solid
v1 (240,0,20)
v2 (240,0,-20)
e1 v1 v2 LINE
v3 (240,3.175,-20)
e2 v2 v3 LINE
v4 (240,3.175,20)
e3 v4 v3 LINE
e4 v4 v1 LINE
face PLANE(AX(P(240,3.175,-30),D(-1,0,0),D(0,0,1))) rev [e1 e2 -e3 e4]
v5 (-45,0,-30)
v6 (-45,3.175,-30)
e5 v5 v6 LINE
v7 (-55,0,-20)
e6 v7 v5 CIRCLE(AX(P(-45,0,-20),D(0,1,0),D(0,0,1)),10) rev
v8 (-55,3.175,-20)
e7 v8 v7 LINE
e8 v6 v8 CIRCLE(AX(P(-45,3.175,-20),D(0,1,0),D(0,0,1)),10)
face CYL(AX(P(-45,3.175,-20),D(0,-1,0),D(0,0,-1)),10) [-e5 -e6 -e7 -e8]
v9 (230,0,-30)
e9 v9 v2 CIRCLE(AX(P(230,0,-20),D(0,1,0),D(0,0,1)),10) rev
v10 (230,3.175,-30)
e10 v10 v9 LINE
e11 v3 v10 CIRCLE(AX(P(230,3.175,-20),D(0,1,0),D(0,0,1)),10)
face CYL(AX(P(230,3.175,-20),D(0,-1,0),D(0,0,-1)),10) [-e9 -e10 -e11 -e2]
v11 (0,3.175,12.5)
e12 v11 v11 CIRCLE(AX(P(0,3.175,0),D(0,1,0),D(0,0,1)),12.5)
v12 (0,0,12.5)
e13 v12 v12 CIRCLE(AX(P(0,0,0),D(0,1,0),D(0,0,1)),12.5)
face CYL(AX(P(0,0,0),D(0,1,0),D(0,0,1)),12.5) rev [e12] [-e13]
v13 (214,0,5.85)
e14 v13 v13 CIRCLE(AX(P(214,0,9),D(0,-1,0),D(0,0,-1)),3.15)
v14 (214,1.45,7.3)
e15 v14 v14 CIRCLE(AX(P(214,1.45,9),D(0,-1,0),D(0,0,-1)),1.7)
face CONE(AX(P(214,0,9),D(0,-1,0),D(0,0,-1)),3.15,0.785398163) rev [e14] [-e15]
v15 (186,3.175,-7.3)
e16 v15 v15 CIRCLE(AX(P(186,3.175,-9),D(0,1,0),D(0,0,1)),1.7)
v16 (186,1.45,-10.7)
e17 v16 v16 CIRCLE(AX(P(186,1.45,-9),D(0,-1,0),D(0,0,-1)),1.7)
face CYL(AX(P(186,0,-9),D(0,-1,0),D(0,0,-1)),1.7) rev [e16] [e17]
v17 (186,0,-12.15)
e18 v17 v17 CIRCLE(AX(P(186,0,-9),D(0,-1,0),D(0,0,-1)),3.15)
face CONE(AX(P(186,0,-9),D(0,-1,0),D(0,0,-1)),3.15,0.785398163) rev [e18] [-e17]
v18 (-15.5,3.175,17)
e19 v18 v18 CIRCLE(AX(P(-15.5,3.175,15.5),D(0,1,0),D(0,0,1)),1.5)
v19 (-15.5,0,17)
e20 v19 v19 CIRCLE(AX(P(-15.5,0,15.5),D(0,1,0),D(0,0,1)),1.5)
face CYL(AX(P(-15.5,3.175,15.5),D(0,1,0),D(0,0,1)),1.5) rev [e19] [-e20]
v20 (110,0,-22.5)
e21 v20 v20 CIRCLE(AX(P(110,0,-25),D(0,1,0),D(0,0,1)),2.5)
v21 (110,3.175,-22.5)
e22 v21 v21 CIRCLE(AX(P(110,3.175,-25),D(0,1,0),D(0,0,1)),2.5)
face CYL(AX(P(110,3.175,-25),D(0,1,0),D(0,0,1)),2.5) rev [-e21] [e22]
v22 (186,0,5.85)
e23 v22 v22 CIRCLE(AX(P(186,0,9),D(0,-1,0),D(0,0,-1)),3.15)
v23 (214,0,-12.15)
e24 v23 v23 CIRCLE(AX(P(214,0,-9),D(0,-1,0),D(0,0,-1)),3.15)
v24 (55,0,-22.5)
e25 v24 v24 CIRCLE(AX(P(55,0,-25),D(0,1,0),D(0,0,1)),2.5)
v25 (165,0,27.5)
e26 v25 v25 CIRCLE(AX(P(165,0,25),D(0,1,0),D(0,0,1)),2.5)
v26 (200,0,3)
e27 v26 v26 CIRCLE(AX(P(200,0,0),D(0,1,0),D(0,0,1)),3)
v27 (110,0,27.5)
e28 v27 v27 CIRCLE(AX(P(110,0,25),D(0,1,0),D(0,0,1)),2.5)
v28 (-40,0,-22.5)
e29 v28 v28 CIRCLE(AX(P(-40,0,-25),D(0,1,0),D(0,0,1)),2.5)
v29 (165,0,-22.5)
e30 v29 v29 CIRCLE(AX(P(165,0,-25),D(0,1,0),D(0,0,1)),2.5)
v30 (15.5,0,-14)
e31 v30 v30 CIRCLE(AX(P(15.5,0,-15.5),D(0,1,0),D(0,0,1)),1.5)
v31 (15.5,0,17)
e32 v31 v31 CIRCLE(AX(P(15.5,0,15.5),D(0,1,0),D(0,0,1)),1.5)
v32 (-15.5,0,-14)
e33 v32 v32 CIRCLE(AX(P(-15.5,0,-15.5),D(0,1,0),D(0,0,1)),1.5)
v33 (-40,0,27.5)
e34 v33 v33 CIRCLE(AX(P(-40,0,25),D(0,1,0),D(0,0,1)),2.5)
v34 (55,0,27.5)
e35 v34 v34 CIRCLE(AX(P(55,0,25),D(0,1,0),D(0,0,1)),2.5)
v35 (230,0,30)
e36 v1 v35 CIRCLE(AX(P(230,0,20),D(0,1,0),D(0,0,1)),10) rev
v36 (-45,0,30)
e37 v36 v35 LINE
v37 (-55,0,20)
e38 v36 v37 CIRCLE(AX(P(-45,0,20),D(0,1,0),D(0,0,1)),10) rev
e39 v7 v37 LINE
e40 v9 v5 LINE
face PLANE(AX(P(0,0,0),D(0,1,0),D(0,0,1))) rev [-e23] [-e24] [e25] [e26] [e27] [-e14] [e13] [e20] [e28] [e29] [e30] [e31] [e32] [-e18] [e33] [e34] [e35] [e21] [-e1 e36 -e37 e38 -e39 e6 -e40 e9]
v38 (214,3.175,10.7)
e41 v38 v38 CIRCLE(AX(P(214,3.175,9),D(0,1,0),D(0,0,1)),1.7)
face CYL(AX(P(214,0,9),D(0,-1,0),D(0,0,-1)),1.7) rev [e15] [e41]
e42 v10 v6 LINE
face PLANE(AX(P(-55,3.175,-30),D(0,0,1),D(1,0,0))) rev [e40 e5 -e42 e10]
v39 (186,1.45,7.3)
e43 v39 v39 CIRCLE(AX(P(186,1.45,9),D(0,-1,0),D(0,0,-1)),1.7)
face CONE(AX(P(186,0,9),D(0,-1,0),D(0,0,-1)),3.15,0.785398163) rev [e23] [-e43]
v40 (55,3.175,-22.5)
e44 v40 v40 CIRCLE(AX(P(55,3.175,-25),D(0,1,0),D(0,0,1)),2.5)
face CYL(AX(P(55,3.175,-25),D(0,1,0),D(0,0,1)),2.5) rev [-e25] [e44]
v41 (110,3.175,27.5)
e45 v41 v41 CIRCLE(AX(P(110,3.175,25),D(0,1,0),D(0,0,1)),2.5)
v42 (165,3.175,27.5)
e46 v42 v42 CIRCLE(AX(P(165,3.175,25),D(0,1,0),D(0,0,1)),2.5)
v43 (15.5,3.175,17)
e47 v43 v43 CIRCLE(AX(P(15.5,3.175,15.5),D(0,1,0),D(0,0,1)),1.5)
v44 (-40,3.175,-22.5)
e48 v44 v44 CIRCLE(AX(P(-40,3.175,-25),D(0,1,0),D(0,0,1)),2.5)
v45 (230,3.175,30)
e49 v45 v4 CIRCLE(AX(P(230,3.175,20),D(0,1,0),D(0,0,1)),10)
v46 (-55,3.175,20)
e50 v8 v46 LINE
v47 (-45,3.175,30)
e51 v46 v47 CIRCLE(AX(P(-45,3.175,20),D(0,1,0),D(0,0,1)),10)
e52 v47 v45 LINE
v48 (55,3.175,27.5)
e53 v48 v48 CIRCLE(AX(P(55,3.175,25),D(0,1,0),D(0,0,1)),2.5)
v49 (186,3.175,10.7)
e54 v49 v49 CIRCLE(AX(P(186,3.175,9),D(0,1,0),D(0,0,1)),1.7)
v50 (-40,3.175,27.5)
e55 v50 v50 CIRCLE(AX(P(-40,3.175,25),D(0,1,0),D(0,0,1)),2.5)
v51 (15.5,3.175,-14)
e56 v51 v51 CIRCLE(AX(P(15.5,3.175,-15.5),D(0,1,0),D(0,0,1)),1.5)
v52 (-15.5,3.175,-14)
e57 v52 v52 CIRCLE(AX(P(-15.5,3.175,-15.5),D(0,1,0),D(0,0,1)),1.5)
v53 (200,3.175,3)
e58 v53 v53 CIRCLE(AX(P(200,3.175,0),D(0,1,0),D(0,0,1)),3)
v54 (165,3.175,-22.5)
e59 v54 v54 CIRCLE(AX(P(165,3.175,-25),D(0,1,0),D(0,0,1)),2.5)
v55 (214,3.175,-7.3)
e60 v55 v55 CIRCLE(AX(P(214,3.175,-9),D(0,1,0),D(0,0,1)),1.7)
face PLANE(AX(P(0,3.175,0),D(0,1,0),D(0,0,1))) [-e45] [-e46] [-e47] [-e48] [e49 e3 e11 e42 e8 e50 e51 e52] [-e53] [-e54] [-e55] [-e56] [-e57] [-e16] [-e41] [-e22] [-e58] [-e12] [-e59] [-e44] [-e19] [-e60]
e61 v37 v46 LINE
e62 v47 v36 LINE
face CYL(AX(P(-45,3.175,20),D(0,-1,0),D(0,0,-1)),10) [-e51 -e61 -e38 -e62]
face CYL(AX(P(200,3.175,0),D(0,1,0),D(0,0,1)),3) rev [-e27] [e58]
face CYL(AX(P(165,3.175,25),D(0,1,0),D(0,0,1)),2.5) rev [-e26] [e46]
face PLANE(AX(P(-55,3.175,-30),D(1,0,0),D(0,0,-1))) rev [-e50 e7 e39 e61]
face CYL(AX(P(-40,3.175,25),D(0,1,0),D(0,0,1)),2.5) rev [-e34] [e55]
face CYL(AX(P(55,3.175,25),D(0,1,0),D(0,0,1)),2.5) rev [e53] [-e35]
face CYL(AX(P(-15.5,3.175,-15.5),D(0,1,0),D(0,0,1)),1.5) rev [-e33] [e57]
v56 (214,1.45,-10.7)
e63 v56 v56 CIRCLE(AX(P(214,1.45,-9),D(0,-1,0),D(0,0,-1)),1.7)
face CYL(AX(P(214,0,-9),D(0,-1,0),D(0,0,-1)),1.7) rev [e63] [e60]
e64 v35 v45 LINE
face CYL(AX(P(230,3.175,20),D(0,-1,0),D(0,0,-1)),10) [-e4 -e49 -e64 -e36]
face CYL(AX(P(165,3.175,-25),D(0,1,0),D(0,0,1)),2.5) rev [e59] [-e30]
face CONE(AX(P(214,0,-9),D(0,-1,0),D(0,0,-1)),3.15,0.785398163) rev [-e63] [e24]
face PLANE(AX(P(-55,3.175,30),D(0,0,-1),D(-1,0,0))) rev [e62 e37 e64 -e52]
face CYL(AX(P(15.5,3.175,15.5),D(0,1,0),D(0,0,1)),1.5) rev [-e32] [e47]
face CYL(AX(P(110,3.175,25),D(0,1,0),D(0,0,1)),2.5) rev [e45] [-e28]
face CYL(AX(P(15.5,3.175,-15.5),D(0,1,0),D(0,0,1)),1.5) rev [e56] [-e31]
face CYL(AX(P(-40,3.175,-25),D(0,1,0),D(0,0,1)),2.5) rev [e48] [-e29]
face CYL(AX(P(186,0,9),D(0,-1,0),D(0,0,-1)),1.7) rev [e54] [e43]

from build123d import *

# Parameters (mm, degrees)
SKETCH1_W                                       = 295
SKETCH1_H                                       = 60
BOSS_EXTRUDE1_DEPTH                             = 3.175
FILLET1_R                                       = 10
F_3_0MM_DOWEL_HOLE1_D                           = 3
SKETCH6_R                                       = 12.5
CUT_EXTRUDE1_DEPTH                              = 242.888570679
F_6_0MM_DOWEL_HOLE1_D                           = 6
CSK_FOR_M3_FLAT_HEAD_MACHINE_SCREW1_D           = 3.4
CSK_FOR_M3_FLAT_HEAD_MACHINE_SCREW1_CSINK_D     = 6.3
CSK_FOR_M3_FLAT_HEAD_MACHINE_SCREW1_CSINK_ANGLE = 90
F_5_0MM_DOWEL_HOLE1_D                           = 5


with BuildPart() as part:
    # Sketch1 → Boss-Extrude1 (new body)
    with BuildSketch(Plane(origin=(0, 0, 0), x_dir=(1, 0, 0), z_dir=(0, 1, 0))):
        with Locations((92.5, 0)):
            Rectangle(SKETCH1_W, SKETCH1_H)
    extrude(amount=BOSS_EXTRUDE1_DEPTH)

    # Fillet1
    fillet1_edges = [part.edges().sort_by_distance(p)[0] for p in [
        (-55, 1.5875, -30),
        (240, 1.5875, -30),
        (240, 1.5875, 30),
        (-55, 1.5875, 30),
    ]]
    fillet(fillet1_edges, radius=FILLET1_R)

    # Ø3.0mm Dowel Hole1 (through all)
    with Locations(Plane(origin=(0, 3.175, 0), x_dir=(1, 0, 0), z_dir=(0, 1, 0))):
        with Locations((-15.5, 15.5), (15.5, 15.5), (15.5, -15.5), (-15.5, -15.5)):
            Hole(F_3_0MM_DOWEL_HOLE1_D / 2)

    # Sketch6 → Cut-Extrude1 (cut, through all)
    with BuildSketch(Plane(origin=(0, 3.175, 0), x_dir=(1, 0, 0), z_dir=(0, 1, 0))):
        with Locations(Location((0, 0, 0), (0, 0, 270))):
            Circle(SKETCH6_R)
    extrude(amount=-CUT_EXTRUDE1_DEPTH, mode=Mode.SUBTRACT)

    # Ø6.0mm Dowel Hole1 (through all)
    with Locations(Plane(origin=(0, 3.175, 0), x_dir=(1, 0, 0), z_dir=(0, 1, 0))):
        with Locations((200, 0)):
            Hole(F_6_0MM_DOWEL_HOLE1_D / 2)

    # CSK for M3 Flat Head Machine Screw1 (through all)
    with Locations(Plane(origin=(0, 0, 0), x_dir=(-1, 0, 0), z_dir=(0, -1, 0))):
        with Locations((-214, 9), (-186, 9), (-186, -9), (-214, -9)):
            CounterSinkHole(CSK_FOR_M3_FLAT_HEAD_MACHINE_SCREW1_D / 2, CSK_FOR_M3_FLAT_HEAD_MACHINE_SCREW1_CSINK_D / 2, counter_sink_angle=CSK_FOR_M3_FLAT_HEAD_MACHINE_SCREW1_CSINK_ANGLE)

    # Ø5.0mm Dowel Hole1 (through all)
    with Locations(Plane(origin=(0, 3.175, 0), x_dir=(1, 0, 0), z_dir=(0, 1, 0))):
        with Locations((55, -25), (110, -25), (165, -25), (165, 25), (110, 25), (55, 25), (-40, -25), (-40, 25)):
            Hole(F_5_0MM_DOWEL_HOLE1_D / 2)


solid = part.part
